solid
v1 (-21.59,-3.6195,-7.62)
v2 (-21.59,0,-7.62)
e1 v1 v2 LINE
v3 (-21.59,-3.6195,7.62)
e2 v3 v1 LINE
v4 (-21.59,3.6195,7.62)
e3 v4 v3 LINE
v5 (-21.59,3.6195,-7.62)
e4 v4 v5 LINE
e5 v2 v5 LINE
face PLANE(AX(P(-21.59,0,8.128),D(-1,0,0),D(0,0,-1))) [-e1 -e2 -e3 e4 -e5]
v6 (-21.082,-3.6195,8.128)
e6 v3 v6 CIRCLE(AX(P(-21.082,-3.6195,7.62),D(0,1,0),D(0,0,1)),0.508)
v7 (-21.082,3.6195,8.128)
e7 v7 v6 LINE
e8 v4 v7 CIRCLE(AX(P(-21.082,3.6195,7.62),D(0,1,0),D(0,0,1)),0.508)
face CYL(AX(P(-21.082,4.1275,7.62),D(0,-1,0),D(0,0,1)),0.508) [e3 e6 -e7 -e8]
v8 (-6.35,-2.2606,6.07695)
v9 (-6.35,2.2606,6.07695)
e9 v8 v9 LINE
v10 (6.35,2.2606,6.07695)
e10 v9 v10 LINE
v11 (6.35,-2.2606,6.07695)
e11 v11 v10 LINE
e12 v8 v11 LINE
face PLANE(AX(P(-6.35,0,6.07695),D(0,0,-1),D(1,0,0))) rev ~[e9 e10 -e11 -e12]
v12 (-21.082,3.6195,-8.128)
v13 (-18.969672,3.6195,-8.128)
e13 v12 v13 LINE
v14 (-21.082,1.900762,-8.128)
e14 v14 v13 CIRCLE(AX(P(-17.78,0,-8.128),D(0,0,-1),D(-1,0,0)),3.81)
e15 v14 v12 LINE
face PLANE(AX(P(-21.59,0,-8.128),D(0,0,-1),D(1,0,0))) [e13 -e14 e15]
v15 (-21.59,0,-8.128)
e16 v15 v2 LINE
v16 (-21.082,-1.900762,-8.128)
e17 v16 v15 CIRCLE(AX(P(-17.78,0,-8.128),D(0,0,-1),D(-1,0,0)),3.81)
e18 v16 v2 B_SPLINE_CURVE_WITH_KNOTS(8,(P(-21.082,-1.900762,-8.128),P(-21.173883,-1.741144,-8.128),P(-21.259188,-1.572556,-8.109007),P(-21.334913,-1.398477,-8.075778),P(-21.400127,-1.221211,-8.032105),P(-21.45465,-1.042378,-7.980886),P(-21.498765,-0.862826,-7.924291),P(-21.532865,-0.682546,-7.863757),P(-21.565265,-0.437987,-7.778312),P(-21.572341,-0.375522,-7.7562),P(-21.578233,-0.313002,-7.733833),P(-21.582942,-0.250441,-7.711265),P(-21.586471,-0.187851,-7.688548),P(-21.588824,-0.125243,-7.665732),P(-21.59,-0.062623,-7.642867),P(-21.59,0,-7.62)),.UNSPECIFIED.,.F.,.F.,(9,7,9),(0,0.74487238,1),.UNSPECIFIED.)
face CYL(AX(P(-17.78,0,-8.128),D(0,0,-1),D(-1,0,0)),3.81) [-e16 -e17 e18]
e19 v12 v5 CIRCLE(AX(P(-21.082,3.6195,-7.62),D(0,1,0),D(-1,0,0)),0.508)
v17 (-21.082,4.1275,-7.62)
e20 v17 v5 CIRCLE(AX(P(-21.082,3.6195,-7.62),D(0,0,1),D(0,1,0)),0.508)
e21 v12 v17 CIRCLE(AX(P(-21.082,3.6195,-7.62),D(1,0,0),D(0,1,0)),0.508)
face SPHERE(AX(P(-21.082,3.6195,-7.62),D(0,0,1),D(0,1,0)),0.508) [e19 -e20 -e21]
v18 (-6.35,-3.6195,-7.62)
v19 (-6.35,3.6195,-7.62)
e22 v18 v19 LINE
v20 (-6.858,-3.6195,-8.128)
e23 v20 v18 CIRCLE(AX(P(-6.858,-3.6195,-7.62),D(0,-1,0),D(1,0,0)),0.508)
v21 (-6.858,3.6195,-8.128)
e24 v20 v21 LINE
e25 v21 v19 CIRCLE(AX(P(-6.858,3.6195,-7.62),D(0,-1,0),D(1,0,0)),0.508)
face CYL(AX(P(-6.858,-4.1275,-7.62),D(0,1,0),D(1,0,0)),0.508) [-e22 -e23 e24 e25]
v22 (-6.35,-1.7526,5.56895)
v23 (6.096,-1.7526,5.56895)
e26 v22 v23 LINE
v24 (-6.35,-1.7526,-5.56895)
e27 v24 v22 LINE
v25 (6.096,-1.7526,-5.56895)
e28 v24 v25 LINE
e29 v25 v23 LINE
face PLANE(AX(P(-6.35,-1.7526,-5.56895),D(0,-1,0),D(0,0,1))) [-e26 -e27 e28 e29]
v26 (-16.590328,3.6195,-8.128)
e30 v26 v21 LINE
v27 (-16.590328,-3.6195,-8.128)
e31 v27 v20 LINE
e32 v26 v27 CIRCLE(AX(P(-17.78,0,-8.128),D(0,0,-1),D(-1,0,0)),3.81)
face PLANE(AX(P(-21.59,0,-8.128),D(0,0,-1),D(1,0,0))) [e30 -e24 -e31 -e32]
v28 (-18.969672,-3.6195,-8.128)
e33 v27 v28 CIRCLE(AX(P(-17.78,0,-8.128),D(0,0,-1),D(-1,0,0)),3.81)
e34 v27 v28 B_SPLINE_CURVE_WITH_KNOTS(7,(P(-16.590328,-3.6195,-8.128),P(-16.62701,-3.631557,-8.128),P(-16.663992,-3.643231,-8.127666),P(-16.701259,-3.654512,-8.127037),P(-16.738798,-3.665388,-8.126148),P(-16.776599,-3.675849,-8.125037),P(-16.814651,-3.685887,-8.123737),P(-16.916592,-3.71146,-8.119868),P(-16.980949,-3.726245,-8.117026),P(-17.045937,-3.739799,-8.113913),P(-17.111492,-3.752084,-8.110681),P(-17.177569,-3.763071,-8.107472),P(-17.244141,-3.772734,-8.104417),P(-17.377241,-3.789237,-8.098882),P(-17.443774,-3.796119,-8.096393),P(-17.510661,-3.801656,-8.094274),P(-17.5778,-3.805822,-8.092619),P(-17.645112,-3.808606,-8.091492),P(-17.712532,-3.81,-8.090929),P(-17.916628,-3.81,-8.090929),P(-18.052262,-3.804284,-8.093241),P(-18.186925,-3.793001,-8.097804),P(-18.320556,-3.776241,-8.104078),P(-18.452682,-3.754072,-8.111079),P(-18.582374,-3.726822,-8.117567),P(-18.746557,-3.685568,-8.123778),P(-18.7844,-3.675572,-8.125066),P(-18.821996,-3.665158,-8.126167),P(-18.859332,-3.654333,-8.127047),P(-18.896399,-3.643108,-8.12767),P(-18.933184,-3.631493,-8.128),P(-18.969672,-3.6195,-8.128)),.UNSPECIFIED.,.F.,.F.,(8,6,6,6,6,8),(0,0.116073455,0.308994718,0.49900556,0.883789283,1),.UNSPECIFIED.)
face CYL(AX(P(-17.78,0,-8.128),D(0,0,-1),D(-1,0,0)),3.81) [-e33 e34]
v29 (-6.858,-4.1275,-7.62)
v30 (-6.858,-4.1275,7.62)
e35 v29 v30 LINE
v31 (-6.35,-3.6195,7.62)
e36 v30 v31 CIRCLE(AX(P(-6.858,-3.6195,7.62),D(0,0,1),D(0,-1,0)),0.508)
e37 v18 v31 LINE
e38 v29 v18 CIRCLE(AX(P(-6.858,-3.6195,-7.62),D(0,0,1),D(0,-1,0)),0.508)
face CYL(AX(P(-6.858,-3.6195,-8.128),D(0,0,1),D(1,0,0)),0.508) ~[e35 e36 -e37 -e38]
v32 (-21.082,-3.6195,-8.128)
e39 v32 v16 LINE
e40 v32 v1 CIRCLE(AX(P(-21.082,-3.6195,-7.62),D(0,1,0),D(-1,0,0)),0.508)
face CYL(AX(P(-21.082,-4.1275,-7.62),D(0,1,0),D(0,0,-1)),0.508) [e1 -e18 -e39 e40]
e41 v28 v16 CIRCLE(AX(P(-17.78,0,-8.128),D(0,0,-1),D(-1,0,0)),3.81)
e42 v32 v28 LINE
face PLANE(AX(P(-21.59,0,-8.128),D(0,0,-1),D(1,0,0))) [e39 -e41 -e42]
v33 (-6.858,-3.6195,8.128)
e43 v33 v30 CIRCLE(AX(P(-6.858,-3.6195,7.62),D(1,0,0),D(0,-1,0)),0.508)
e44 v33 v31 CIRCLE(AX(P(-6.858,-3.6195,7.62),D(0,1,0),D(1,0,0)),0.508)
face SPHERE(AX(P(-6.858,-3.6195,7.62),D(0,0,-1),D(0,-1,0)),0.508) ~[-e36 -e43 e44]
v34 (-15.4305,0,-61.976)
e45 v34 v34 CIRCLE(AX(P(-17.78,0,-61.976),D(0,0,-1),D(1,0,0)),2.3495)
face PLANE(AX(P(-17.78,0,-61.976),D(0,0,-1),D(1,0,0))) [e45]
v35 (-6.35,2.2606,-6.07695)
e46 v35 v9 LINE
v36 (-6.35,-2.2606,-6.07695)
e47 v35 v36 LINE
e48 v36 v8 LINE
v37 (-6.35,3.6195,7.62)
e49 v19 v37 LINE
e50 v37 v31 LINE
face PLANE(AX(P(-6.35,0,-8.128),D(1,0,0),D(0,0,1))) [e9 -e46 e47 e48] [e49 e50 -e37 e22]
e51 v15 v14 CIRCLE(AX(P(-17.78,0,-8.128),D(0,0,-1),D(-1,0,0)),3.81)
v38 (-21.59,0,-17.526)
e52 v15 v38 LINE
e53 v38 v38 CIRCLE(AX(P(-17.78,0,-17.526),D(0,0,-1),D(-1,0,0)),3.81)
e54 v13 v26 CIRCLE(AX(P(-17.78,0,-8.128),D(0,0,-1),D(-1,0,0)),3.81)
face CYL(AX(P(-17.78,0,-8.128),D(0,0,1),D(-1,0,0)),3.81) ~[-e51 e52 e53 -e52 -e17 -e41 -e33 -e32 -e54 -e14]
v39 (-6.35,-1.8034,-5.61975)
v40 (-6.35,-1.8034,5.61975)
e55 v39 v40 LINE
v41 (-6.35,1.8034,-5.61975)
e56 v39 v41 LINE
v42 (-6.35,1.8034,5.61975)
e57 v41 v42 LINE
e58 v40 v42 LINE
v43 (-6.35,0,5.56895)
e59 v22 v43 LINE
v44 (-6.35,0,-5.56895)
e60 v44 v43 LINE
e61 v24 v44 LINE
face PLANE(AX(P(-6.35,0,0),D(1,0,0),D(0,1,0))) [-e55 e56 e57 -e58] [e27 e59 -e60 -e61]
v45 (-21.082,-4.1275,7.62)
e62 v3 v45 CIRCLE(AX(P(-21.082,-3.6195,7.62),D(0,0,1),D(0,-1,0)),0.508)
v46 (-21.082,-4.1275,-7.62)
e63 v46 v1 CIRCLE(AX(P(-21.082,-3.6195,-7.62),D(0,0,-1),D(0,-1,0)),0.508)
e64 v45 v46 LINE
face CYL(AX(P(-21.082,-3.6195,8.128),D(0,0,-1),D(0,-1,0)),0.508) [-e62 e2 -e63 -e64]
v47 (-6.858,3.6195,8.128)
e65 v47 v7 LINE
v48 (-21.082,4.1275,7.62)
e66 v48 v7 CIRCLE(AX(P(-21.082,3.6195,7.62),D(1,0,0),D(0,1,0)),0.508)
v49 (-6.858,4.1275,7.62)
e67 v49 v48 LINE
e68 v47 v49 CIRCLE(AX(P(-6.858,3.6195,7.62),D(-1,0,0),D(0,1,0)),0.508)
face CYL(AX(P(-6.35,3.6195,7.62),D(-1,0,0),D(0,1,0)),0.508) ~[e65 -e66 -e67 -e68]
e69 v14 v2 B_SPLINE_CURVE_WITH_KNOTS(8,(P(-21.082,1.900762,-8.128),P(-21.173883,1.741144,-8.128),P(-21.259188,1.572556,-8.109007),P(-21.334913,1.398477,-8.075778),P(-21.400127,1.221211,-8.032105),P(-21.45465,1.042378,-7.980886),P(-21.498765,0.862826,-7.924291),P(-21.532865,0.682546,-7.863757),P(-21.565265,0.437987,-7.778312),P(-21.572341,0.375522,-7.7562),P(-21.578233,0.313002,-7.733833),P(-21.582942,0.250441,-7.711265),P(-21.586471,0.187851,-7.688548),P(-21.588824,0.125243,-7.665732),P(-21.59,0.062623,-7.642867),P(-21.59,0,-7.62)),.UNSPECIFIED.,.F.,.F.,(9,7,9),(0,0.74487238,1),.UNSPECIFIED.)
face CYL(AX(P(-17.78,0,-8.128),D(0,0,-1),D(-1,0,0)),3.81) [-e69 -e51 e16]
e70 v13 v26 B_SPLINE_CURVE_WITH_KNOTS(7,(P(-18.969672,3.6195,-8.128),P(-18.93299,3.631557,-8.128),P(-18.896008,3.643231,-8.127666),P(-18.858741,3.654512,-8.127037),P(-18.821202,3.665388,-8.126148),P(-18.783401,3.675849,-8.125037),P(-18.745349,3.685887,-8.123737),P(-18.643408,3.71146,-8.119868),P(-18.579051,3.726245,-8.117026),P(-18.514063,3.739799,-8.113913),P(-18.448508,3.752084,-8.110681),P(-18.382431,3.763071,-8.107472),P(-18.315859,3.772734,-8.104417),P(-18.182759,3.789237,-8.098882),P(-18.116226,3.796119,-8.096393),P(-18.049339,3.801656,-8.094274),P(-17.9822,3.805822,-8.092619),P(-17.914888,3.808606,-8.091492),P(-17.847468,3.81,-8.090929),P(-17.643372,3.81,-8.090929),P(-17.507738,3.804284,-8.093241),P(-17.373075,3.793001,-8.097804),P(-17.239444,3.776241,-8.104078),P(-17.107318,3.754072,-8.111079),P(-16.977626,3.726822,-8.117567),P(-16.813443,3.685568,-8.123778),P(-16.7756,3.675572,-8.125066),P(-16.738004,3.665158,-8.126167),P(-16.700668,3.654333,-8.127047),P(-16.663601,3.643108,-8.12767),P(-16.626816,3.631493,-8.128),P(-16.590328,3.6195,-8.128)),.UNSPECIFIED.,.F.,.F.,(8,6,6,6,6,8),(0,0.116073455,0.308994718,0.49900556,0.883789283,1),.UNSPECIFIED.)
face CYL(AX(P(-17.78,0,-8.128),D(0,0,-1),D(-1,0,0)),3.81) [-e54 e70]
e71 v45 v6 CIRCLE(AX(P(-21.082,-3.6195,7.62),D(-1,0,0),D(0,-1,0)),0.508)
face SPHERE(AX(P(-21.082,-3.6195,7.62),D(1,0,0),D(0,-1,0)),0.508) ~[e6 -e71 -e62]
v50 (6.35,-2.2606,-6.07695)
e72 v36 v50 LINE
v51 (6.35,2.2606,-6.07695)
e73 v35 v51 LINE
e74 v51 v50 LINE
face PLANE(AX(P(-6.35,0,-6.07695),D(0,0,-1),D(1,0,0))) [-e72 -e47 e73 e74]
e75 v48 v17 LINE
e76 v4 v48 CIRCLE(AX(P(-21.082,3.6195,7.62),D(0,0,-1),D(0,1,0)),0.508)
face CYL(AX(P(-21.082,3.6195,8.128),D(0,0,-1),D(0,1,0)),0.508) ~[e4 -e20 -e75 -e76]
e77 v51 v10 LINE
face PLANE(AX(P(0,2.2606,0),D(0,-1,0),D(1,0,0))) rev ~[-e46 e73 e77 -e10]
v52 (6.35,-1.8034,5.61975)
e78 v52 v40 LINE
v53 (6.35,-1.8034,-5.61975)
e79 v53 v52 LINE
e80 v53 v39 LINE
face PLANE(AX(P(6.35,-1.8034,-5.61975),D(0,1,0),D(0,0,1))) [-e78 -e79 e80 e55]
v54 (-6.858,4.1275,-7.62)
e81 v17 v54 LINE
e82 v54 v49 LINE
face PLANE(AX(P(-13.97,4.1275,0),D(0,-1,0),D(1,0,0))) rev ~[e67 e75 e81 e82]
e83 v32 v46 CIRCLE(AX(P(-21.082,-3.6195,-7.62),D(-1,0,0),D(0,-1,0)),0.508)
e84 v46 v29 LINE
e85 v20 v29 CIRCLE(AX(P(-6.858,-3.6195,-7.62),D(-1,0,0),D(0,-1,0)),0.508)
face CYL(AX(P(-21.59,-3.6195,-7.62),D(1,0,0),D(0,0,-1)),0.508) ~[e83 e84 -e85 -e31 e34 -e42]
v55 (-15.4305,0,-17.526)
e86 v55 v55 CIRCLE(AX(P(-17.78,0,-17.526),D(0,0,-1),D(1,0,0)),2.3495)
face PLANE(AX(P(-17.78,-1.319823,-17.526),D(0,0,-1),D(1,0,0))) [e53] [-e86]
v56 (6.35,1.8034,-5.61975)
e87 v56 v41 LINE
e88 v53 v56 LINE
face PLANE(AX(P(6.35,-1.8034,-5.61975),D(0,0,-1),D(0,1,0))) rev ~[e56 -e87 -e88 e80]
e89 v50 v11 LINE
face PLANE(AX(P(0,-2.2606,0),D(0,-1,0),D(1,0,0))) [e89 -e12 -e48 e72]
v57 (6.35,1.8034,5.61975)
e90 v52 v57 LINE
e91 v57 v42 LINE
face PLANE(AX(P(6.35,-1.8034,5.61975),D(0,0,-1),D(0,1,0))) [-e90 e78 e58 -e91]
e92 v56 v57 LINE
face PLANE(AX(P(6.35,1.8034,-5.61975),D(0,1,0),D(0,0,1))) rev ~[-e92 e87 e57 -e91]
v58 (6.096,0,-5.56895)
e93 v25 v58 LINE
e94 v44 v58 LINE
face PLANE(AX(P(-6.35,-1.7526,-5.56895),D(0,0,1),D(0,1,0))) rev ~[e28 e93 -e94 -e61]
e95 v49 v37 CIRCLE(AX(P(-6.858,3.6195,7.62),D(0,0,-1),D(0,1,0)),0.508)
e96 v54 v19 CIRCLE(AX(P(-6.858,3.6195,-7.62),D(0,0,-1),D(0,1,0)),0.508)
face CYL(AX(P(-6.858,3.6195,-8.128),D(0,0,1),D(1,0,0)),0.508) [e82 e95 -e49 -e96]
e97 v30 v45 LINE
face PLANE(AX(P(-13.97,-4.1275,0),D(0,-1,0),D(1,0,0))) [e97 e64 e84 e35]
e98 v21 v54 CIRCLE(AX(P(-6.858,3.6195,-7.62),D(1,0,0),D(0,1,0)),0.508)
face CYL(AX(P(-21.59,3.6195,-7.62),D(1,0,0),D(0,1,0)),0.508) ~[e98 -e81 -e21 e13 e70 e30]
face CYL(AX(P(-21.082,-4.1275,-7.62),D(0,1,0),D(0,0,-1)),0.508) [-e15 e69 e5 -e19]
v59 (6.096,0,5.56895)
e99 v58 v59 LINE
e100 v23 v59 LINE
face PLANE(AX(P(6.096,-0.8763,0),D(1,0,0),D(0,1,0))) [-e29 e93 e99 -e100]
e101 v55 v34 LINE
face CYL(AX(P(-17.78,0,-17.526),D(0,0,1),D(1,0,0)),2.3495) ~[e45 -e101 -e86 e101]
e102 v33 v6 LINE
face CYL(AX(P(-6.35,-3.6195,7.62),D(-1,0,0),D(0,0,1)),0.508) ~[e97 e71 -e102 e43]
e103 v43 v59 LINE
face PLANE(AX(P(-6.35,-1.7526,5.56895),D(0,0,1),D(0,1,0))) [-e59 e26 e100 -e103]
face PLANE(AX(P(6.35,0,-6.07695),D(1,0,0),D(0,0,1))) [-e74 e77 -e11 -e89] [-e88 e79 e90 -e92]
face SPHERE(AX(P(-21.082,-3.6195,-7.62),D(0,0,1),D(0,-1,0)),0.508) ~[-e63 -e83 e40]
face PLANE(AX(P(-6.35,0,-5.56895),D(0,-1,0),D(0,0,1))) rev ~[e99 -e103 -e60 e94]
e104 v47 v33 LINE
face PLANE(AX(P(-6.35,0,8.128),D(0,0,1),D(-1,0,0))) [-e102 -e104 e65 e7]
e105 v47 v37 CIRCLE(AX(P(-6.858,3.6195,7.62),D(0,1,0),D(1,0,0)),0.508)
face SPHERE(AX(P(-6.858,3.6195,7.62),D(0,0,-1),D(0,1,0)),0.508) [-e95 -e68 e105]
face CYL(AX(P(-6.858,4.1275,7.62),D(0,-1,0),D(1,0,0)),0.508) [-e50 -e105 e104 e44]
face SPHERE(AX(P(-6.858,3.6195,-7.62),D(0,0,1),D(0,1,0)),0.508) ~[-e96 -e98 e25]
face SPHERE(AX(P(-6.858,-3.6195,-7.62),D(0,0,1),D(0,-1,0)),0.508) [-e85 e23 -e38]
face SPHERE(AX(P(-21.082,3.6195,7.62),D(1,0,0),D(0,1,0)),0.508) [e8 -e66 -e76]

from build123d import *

# Parameters (mm, degrees)
F0_W           = 12.7
F0_H           = 12.1539
F1_DEPTH       = 2.2606
F2_DEPTH       = 4.1275
F3_W           = 3.6068
F3_H           = 11.2395
F4_DEPTH       = 12.7
F5_DEPTH       = 12.7
F6_R           = 0.508
F7_W           = 1.7526
F7_H           = 11.1379
F8_DEPTH       = 12.446
F10_DEPTH      = 9.398
F10_DEPTH_BACK = 0.508
F11_R          = 2.3495
F12_DEPTH      = 44.45


with BuildPart() as f1:
    # F0 (on Front) → F1 (new body, symmetric)
    with BuildSketch(Plane.XZ):
        Rectangle(F0_W, F0_H)
    extrude(amount=F1_DEPTH, both=True)

    # F0 (on Front) → F2 (join, symmetric)
    with BuildSketch(Plane.XZ):
        Polygon((-6.35, -8.128), (-6.35, -6.07695), (-6.35, 6.07695), (-6.35, 8.128), (-21.59, 8.128), (-21.59, -8.128), align=None)
    extrude(amount=F2_DEPTH, both=True)

    # F3 (on face) → F4 (cut)
    with BuildSketch(Plane.YZ.offset(6.35)):
        Rectangle(F3_W, F3_H)
    extrude(amount=-F4_DEPTH, mode=Mode.SUBTRACT)

    # F3 (on face) → F5 (cut)
    with BuildSketch(Plane.YZ.offset(6.35)):
        Rectangle(F3_W, F3_H)
    extrude(amount=-F5_DEPTH, mode=Mode.SUBTRACT)

    # F6
    f6_edges = [f1.edges().sort_by_distance(p)[0] for p in [
        (-6.35, -4.1275, 0),
        (-13.97, -4.1275, 8.128),
        (-21.59, -4.1275, 0),
        (-13.97, -4.1275, -8.128),
        (-6.35, 4.1275, 0),
        (-13.97, 4.1275, 8.128),
        (-21.59, 4.1275, 0),
        (-13.97, 4.1275, -8.128),
        (-21.59, 0, -8.128),
        (-21.59, 0, 8.128),
        (-6.35, 0, 8.128),
        (-6.35, 0, -8.128),
    ]]
    fillet(f6_edges, radius=F6_R)

    # F7 (on face) → F8 (join)
    with BuildSketch(Plane.YZ.offset(-6.35)):
        with Locations((-0.8763, 0)):
            Rectangle(F7_W, F7_H)
    extrude(amount=F8_DEPTH)

    # F9 (on face) → F10 (join, two sides)
    with BuildSketch(Plane(origin=(0, 0, -8.128), x_dir=(1, 0, 0), z_dir=(0, 0, -1))) as f10_sk:
        with BuildLine():
            ThreePointArc((-13.97, 0), (-17.78, 3.81), (-21.59, 0))
            Line((-21.59, 0), (-13.97, 0))
        make_face()
        with BuildLine():
            Line((-13.97, 0), (-21.59, 0))
            ThreePointArc((-21.59, 0), (-17.78, -3.81), (-13.97, 0))
        make_face()
    extrude(amount=F10_DEPTH)
    extrude(f10_sk.sketch, amount=-F10_DEPTH_BACK)

    # F11 (on face) → F12 (join)
    with BuildSketch(Plane(origin=(0, 0, -17.526), x_dir=(1, 0, 0), z_dir=(0, 0, -1))):
        with Locations((-17.78, 0)):
            Circle(F11_R)
    extrude(amount=F12_DEPTH)


solid = f1.part
